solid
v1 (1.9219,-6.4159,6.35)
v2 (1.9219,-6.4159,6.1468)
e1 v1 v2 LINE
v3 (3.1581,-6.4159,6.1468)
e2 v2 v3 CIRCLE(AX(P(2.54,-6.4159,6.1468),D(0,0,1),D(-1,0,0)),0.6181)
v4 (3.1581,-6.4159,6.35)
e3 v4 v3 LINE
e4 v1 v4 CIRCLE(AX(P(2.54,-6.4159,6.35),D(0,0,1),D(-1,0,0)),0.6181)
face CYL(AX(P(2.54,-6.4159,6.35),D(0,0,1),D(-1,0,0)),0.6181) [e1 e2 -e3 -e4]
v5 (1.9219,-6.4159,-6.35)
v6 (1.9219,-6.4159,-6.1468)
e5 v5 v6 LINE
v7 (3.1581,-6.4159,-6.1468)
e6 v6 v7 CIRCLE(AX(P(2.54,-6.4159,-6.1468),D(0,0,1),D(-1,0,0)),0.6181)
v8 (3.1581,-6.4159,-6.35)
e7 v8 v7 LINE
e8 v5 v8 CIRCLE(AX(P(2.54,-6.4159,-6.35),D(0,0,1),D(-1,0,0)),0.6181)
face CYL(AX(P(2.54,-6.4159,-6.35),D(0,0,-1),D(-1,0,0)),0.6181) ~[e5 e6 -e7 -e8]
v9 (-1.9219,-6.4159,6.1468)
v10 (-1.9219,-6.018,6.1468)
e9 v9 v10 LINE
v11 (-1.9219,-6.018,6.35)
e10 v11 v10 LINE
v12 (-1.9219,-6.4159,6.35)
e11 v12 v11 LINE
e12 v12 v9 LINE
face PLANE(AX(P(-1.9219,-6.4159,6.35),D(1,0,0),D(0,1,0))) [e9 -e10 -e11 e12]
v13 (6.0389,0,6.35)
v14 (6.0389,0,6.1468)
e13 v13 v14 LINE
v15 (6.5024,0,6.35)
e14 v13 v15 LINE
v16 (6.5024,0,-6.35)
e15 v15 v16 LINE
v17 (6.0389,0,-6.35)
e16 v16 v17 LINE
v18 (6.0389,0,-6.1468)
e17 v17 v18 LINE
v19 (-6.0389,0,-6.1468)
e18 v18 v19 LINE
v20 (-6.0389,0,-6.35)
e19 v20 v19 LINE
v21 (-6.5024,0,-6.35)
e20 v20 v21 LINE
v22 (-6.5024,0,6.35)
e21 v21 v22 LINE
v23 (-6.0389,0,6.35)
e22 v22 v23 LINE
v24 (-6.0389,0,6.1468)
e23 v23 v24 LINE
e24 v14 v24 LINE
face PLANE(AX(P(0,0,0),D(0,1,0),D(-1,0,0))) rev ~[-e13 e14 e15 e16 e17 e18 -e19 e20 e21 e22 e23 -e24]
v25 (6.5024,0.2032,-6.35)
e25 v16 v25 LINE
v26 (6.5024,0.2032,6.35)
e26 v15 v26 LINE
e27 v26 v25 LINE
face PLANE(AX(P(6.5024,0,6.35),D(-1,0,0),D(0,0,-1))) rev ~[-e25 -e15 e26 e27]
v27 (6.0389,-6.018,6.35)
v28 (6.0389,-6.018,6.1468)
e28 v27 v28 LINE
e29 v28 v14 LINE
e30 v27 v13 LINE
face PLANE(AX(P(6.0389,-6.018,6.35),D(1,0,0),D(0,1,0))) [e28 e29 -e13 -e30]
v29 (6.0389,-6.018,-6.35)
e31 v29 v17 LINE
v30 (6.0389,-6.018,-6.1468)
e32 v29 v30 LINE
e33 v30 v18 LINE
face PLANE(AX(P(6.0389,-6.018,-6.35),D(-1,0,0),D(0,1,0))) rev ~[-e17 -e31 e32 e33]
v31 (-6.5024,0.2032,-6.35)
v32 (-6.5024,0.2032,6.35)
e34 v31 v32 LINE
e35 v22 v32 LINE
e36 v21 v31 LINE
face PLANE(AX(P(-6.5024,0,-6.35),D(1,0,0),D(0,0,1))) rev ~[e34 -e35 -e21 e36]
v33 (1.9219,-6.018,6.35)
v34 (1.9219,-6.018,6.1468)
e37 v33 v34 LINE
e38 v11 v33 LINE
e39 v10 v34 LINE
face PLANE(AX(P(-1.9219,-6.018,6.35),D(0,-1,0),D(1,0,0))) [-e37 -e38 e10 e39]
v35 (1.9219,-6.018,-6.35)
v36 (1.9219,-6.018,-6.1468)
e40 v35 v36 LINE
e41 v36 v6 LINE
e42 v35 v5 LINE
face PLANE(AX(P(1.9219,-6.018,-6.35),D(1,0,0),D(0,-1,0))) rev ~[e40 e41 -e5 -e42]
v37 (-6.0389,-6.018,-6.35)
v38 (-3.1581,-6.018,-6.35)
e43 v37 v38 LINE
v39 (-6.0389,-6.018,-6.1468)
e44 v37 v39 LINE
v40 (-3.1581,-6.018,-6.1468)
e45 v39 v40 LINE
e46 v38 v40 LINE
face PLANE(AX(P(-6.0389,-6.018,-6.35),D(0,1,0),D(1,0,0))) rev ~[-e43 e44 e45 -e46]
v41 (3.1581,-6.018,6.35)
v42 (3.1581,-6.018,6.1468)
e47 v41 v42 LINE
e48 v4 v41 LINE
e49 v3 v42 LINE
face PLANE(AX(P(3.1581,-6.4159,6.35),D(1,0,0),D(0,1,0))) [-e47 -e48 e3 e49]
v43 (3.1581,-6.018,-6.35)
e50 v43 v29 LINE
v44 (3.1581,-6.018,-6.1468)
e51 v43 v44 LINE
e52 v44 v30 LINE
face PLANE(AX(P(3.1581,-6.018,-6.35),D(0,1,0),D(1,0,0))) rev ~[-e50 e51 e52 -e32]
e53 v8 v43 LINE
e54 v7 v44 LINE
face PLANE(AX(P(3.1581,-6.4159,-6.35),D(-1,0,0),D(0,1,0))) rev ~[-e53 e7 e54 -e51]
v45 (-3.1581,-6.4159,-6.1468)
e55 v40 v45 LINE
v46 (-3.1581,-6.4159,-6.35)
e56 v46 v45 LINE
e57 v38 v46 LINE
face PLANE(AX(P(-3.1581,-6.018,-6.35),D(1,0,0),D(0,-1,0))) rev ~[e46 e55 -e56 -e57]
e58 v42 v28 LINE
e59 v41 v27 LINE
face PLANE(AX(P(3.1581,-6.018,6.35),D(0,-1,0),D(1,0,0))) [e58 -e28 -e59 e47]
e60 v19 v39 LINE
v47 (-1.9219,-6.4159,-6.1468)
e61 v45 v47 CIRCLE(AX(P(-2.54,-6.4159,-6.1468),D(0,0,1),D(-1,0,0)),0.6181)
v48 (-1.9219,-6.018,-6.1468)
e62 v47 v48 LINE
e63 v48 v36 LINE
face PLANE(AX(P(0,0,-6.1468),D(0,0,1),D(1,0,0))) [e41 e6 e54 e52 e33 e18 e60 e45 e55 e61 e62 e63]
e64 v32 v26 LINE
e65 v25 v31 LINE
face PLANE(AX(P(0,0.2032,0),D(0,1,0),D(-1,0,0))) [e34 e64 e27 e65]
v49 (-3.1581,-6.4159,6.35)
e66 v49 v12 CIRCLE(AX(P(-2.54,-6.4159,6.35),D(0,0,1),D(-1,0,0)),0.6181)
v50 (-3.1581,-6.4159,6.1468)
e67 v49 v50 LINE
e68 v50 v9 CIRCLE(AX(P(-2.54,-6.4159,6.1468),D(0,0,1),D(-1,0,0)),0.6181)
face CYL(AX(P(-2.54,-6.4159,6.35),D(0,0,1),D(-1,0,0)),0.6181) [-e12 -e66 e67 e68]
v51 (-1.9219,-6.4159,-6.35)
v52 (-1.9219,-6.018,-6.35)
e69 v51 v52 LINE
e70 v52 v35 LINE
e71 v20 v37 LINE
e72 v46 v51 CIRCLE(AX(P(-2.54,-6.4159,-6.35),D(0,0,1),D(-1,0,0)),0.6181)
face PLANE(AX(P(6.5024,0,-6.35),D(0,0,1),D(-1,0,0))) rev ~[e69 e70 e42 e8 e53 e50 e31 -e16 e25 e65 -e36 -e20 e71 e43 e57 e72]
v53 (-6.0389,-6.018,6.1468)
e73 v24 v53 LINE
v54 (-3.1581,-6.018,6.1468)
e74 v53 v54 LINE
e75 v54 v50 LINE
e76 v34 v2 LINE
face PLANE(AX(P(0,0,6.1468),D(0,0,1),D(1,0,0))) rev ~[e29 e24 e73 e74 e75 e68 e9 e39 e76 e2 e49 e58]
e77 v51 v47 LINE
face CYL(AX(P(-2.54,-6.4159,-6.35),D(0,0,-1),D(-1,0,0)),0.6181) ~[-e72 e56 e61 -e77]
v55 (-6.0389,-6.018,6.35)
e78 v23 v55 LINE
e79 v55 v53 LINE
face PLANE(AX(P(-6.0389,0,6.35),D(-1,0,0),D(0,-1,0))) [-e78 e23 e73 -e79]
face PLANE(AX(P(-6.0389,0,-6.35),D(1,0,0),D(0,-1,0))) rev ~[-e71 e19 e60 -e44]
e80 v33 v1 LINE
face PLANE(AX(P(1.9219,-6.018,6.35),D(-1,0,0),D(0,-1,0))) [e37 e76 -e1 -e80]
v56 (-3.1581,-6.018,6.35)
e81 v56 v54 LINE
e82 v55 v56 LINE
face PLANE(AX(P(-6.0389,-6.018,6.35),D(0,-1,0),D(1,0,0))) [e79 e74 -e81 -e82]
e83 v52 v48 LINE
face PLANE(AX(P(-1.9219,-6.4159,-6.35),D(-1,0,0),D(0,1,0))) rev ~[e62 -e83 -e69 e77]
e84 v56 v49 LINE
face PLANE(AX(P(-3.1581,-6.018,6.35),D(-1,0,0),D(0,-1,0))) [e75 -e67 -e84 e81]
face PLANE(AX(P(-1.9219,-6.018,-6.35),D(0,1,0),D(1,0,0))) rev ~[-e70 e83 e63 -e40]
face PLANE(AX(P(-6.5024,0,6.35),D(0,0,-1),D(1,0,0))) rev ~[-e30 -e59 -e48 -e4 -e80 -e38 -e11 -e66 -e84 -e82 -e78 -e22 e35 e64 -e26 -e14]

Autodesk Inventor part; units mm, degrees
sketch "Sketch_1" plane through (0, 0, 0) normal (0, 1, 0) x (-1, 0, 0)
  line L0 (6.5024, 6.35) -> (-6.5024, 6.35)
  line L1 (-6.5024, 6.35) -> (-6.5024, -6.35)
  line L2 (-6.5024, -6.35) -> (6.5024, -6.35)
  line L3 (6.5024, -6.35) -> (6.5024, 6.35)
extrude "Extrusion1" add sketch "Sketch_1" along normal blind 0.2032
sketch "Sketch_2" plane through (0, 0, -6.35) normal (0, 0, 1) x (1, 0, 0)
  line L0 (-6.0389, -6.018) -> (-3.1581, -6.018)
  line L1 (-3.1581, -6.018) -> (-3.1581, -6.4159)
  arc A0 (-3.1581, -6.4159) -> (-1.9219, -6.4159) centre (-2.54, -6.4159) ccw
  line L2 (-1.9219, -6.4159) -> (-1.9219, -6.018)
  line L3 (-1.9219, -6.018) -> (1.9219, -6.018)
  line L4 (1.9219, -6.018) -> (1.9219, -6.4159)
  arc A1 (1.9219, -6.4159) -> (3.1581, -6.4159) centre (2.54, -6.4159) ccw
  line L5 (3.1581, -6.4159) -> (3.1581, -6.018)
  line L6 (3.1581, -6.018) -> (6.0389, -6.018)
  line L7 (6.0389, -6.018) -> (6.0389, 0)
  line L8 (6.0389, 0) -> (-6.0389, 0)
  line L9 (-6.0389, 0) -> (-6.0389, -6.018)
extrude "Extrusion2" add sketch "Sketch_2" along normal blind 0.2032
sketch "Sketch_3" plane through (0, 0, 6.35) normal (0, 0, 1) x (1, 0, 0)
  line L0 (-6.0389, -6.018) -> (-3.1581, -6.018)
  line L1 (-3.1581, -6.018) -> (-3.1581, -6.4159)
  arc A0 (-3.1581, -6.4159) -> (-1.9219, -6.4159) centre (-2.54, -6.4159) ccw
  line L2 (-1.9219, -6.4159) -> (-1.9219, -6.018)
  line L3 (-1.9219, -6.018) -> (1.9219, -6.018)
  line L4 (1.9219, -6.018) -> (1.9219, -6.4159)
  arc A1 (1.9219, -6.4159) -> (3.1581, -6.4159) centre (2.54, -6.4159) ccw
  line L5 (3.1581, -6.4159) -> (3.1581, -6.018)
  line L6 (3.1581, -6.018) -> (6.0389, -6.018)
  line L7 (6.0389, -6.018) -> (6.0389, 0)
  line L8 (6.0389, 0) -> (-6.0389, 0)
  line L9 (-6.0389, 0) -> (-6.0389, -6.018)
extrude "Extrusion3" add sketch "Sketch_3" against normal blind 0.2032
ref_plane "shroud_to_body_XY" through (0, 0, 0) normal (0, 1, 0) x (1, 0, 0)
ref_plane "shroud_to_body_YZ" through (0, 0, 0) normal (1, 0, 0) x (0, 0, -1)
ref_plane "shroud_to_body_ZX" through (0, 0, 0) normal (0, 0, -1) x (0, 1, 0)
properties part number "M20_ang_t_shorud2830TX-switch"
